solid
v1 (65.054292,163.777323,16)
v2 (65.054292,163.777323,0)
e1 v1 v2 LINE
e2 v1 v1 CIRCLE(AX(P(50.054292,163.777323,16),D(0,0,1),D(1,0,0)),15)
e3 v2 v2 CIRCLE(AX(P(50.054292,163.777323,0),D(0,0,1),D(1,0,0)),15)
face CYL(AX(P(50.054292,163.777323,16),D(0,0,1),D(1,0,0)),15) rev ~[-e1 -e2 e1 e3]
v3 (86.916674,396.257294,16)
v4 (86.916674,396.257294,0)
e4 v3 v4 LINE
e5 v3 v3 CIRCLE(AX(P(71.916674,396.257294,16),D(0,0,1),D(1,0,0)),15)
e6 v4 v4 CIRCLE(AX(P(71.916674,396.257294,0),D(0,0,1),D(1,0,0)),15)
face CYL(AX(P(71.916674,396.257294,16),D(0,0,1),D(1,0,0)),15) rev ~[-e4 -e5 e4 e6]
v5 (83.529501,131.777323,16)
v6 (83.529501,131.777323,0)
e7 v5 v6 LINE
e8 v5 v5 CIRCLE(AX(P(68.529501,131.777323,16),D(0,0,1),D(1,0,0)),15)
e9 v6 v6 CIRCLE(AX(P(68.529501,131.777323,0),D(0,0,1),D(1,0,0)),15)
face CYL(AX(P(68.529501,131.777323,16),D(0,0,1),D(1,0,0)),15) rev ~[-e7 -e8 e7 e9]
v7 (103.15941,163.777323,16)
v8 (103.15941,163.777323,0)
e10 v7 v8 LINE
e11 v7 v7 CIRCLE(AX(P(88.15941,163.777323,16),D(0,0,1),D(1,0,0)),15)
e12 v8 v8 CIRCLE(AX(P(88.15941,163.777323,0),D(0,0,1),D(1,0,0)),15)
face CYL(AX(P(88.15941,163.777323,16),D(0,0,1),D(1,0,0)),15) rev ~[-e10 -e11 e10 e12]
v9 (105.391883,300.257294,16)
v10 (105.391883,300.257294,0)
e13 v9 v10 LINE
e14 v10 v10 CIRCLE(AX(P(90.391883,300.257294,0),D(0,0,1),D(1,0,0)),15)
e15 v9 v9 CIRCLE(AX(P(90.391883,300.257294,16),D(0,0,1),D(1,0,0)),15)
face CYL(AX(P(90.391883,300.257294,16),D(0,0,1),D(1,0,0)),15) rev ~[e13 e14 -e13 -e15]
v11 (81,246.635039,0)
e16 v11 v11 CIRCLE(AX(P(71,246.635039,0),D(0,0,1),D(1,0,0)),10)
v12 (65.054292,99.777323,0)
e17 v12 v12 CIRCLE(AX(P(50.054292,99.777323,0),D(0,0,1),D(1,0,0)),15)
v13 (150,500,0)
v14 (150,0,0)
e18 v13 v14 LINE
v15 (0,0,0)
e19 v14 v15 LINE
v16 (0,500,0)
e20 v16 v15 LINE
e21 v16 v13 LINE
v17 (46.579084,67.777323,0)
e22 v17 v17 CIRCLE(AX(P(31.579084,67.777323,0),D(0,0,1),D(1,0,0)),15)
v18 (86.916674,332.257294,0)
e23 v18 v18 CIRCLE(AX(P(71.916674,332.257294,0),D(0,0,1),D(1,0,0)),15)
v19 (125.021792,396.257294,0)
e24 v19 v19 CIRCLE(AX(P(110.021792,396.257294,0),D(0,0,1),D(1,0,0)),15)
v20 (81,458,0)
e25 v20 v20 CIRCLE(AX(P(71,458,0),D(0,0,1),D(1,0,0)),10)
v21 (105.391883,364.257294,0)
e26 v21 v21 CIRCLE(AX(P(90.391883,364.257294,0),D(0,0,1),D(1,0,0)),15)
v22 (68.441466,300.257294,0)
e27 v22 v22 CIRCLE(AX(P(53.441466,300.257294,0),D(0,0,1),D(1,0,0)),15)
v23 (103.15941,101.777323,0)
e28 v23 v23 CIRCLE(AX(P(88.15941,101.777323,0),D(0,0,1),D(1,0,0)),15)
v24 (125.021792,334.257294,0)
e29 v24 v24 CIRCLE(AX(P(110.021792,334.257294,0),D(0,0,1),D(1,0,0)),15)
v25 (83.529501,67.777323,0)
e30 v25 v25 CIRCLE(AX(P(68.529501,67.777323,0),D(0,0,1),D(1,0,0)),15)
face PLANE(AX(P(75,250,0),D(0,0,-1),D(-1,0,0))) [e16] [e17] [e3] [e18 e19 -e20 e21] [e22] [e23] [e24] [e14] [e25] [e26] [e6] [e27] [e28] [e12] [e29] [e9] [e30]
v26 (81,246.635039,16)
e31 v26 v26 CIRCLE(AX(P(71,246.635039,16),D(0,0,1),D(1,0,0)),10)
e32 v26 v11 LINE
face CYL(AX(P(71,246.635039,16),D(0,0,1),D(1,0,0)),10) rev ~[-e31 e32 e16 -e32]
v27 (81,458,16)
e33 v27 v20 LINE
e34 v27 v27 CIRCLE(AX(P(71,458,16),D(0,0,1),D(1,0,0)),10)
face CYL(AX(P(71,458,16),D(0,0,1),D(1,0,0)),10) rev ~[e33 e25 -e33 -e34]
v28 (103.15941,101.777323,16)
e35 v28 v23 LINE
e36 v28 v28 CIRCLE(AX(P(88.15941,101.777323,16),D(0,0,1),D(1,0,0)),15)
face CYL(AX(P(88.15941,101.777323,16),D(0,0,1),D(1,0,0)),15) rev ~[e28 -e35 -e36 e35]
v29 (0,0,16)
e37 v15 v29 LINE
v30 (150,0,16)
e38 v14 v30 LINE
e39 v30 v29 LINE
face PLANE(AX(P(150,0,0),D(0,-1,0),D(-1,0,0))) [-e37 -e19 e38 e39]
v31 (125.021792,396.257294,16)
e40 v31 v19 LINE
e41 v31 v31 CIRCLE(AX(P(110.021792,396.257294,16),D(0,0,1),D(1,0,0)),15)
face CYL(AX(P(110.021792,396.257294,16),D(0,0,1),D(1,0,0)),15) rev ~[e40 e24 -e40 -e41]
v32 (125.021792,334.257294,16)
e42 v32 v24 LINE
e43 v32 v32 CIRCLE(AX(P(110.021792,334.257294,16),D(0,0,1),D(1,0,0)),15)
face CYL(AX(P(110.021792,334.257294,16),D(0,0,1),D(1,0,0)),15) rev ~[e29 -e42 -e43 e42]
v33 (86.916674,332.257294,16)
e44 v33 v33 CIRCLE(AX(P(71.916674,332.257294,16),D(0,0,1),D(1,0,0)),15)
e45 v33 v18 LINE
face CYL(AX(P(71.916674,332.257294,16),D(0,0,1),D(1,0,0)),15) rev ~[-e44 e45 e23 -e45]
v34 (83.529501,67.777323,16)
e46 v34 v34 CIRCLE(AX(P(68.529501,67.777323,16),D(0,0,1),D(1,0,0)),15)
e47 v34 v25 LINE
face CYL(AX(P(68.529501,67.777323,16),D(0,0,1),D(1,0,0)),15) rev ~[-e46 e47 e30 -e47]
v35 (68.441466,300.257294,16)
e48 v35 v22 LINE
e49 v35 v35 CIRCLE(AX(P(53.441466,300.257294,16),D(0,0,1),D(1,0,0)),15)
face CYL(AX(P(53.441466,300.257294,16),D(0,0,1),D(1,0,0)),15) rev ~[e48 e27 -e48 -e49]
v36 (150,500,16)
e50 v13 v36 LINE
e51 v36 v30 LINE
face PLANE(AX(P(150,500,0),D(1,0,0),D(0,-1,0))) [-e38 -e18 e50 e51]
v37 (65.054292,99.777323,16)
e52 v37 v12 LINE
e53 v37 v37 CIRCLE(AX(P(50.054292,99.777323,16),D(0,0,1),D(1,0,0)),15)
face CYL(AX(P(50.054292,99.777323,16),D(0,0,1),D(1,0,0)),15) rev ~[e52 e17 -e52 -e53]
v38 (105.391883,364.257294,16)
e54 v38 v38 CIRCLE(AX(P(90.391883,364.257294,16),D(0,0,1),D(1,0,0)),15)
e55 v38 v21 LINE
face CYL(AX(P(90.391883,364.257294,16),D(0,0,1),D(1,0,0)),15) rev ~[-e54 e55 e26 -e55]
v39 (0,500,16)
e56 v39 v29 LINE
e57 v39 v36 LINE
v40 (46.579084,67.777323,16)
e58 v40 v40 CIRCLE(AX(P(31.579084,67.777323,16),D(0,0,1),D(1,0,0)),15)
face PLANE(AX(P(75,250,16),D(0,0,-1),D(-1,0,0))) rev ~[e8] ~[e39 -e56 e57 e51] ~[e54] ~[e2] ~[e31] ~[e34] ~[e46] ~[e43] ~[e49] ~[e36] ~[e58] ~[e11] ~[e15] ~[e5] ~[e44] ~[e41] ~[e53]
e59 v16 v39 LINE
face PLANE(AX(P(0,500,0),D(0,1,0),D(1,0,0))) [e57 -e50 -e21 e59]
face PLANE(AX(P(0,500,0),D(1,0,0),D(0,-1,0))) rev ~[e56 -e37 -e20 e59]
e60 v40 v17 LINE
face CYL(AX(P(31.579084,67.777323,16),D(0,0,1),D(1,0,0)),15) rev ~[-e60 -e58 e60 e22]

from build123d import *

# Parameters (mm, degrees)
PAD_DEPTH     = 16
SKETCH001_R   = 15
SKETCH001_R_2 = 10
POCKET_DEPTH  = 16.001


with BuildPart() as part:
    # Sketch → Pad (new body)
    with BuildSketch(Plane.XY):
        Polygon((0, 500), (150, 500), (150, 0), (0, 0), (0, 250), align=None)
    extrude(amount=PAD_DEPTH)

    # Sketch001 (on Face7 of Pad) → Pocket (cut, through all)
    with BuildSketch(Plane.XY.offset(16)):
        with Locations((31.579084, 67.777323)):
            Circle(SKETCH001_R)
        with Locations((50.054292, 99.777323)):
            Circle(SKETCH001_R)
        with Locations((68.529501, 131.777323)):
            Circle(SKETCH001_R)
        with Locations((50.054292, 163.777323)):
            Circle(SKETCH001_R)
        with Locations((71, 246.635039)):
            Circle(SKETCH001_R_2)
        with Locations((68.529501, 67.777323)):
            Circle(SKETCH001_R)
        with Locations((88.15941, 101.777323)):
            Circle(SKETCH001_R)
        with Locations((88.15941, 163.777323)):
            Circle(SKETCH001_R)
        with Locations((53.441466, 300.257294)):
            Circle(SKETCH001_R)
        with Locations((71.916674, 332.257294)):
            Circle(SKETCH001_R)
        with Locations((90.391883, 364.257294)):
            Circle(SKETCH001_R)
        with Locations((71.916674, 396.257294)):
            Circle(SKETCH001_R)
        with Locations((71, 458)):
            Circle(SKETCH001_R_2)
        with Locations((90.391883, 300.257294)):
            Circle(SKETCH001_R)
        with Locations((110.021792, 334.257294)):
            Circle(SKETCH001_R)
        with Locations((110.021792, 396.257294)):
            Circle(SKETCH001_R)
    extrude(amount=-POCKET_DEPTH, mode=Mode.SUBTRACT)


solid = part.part
